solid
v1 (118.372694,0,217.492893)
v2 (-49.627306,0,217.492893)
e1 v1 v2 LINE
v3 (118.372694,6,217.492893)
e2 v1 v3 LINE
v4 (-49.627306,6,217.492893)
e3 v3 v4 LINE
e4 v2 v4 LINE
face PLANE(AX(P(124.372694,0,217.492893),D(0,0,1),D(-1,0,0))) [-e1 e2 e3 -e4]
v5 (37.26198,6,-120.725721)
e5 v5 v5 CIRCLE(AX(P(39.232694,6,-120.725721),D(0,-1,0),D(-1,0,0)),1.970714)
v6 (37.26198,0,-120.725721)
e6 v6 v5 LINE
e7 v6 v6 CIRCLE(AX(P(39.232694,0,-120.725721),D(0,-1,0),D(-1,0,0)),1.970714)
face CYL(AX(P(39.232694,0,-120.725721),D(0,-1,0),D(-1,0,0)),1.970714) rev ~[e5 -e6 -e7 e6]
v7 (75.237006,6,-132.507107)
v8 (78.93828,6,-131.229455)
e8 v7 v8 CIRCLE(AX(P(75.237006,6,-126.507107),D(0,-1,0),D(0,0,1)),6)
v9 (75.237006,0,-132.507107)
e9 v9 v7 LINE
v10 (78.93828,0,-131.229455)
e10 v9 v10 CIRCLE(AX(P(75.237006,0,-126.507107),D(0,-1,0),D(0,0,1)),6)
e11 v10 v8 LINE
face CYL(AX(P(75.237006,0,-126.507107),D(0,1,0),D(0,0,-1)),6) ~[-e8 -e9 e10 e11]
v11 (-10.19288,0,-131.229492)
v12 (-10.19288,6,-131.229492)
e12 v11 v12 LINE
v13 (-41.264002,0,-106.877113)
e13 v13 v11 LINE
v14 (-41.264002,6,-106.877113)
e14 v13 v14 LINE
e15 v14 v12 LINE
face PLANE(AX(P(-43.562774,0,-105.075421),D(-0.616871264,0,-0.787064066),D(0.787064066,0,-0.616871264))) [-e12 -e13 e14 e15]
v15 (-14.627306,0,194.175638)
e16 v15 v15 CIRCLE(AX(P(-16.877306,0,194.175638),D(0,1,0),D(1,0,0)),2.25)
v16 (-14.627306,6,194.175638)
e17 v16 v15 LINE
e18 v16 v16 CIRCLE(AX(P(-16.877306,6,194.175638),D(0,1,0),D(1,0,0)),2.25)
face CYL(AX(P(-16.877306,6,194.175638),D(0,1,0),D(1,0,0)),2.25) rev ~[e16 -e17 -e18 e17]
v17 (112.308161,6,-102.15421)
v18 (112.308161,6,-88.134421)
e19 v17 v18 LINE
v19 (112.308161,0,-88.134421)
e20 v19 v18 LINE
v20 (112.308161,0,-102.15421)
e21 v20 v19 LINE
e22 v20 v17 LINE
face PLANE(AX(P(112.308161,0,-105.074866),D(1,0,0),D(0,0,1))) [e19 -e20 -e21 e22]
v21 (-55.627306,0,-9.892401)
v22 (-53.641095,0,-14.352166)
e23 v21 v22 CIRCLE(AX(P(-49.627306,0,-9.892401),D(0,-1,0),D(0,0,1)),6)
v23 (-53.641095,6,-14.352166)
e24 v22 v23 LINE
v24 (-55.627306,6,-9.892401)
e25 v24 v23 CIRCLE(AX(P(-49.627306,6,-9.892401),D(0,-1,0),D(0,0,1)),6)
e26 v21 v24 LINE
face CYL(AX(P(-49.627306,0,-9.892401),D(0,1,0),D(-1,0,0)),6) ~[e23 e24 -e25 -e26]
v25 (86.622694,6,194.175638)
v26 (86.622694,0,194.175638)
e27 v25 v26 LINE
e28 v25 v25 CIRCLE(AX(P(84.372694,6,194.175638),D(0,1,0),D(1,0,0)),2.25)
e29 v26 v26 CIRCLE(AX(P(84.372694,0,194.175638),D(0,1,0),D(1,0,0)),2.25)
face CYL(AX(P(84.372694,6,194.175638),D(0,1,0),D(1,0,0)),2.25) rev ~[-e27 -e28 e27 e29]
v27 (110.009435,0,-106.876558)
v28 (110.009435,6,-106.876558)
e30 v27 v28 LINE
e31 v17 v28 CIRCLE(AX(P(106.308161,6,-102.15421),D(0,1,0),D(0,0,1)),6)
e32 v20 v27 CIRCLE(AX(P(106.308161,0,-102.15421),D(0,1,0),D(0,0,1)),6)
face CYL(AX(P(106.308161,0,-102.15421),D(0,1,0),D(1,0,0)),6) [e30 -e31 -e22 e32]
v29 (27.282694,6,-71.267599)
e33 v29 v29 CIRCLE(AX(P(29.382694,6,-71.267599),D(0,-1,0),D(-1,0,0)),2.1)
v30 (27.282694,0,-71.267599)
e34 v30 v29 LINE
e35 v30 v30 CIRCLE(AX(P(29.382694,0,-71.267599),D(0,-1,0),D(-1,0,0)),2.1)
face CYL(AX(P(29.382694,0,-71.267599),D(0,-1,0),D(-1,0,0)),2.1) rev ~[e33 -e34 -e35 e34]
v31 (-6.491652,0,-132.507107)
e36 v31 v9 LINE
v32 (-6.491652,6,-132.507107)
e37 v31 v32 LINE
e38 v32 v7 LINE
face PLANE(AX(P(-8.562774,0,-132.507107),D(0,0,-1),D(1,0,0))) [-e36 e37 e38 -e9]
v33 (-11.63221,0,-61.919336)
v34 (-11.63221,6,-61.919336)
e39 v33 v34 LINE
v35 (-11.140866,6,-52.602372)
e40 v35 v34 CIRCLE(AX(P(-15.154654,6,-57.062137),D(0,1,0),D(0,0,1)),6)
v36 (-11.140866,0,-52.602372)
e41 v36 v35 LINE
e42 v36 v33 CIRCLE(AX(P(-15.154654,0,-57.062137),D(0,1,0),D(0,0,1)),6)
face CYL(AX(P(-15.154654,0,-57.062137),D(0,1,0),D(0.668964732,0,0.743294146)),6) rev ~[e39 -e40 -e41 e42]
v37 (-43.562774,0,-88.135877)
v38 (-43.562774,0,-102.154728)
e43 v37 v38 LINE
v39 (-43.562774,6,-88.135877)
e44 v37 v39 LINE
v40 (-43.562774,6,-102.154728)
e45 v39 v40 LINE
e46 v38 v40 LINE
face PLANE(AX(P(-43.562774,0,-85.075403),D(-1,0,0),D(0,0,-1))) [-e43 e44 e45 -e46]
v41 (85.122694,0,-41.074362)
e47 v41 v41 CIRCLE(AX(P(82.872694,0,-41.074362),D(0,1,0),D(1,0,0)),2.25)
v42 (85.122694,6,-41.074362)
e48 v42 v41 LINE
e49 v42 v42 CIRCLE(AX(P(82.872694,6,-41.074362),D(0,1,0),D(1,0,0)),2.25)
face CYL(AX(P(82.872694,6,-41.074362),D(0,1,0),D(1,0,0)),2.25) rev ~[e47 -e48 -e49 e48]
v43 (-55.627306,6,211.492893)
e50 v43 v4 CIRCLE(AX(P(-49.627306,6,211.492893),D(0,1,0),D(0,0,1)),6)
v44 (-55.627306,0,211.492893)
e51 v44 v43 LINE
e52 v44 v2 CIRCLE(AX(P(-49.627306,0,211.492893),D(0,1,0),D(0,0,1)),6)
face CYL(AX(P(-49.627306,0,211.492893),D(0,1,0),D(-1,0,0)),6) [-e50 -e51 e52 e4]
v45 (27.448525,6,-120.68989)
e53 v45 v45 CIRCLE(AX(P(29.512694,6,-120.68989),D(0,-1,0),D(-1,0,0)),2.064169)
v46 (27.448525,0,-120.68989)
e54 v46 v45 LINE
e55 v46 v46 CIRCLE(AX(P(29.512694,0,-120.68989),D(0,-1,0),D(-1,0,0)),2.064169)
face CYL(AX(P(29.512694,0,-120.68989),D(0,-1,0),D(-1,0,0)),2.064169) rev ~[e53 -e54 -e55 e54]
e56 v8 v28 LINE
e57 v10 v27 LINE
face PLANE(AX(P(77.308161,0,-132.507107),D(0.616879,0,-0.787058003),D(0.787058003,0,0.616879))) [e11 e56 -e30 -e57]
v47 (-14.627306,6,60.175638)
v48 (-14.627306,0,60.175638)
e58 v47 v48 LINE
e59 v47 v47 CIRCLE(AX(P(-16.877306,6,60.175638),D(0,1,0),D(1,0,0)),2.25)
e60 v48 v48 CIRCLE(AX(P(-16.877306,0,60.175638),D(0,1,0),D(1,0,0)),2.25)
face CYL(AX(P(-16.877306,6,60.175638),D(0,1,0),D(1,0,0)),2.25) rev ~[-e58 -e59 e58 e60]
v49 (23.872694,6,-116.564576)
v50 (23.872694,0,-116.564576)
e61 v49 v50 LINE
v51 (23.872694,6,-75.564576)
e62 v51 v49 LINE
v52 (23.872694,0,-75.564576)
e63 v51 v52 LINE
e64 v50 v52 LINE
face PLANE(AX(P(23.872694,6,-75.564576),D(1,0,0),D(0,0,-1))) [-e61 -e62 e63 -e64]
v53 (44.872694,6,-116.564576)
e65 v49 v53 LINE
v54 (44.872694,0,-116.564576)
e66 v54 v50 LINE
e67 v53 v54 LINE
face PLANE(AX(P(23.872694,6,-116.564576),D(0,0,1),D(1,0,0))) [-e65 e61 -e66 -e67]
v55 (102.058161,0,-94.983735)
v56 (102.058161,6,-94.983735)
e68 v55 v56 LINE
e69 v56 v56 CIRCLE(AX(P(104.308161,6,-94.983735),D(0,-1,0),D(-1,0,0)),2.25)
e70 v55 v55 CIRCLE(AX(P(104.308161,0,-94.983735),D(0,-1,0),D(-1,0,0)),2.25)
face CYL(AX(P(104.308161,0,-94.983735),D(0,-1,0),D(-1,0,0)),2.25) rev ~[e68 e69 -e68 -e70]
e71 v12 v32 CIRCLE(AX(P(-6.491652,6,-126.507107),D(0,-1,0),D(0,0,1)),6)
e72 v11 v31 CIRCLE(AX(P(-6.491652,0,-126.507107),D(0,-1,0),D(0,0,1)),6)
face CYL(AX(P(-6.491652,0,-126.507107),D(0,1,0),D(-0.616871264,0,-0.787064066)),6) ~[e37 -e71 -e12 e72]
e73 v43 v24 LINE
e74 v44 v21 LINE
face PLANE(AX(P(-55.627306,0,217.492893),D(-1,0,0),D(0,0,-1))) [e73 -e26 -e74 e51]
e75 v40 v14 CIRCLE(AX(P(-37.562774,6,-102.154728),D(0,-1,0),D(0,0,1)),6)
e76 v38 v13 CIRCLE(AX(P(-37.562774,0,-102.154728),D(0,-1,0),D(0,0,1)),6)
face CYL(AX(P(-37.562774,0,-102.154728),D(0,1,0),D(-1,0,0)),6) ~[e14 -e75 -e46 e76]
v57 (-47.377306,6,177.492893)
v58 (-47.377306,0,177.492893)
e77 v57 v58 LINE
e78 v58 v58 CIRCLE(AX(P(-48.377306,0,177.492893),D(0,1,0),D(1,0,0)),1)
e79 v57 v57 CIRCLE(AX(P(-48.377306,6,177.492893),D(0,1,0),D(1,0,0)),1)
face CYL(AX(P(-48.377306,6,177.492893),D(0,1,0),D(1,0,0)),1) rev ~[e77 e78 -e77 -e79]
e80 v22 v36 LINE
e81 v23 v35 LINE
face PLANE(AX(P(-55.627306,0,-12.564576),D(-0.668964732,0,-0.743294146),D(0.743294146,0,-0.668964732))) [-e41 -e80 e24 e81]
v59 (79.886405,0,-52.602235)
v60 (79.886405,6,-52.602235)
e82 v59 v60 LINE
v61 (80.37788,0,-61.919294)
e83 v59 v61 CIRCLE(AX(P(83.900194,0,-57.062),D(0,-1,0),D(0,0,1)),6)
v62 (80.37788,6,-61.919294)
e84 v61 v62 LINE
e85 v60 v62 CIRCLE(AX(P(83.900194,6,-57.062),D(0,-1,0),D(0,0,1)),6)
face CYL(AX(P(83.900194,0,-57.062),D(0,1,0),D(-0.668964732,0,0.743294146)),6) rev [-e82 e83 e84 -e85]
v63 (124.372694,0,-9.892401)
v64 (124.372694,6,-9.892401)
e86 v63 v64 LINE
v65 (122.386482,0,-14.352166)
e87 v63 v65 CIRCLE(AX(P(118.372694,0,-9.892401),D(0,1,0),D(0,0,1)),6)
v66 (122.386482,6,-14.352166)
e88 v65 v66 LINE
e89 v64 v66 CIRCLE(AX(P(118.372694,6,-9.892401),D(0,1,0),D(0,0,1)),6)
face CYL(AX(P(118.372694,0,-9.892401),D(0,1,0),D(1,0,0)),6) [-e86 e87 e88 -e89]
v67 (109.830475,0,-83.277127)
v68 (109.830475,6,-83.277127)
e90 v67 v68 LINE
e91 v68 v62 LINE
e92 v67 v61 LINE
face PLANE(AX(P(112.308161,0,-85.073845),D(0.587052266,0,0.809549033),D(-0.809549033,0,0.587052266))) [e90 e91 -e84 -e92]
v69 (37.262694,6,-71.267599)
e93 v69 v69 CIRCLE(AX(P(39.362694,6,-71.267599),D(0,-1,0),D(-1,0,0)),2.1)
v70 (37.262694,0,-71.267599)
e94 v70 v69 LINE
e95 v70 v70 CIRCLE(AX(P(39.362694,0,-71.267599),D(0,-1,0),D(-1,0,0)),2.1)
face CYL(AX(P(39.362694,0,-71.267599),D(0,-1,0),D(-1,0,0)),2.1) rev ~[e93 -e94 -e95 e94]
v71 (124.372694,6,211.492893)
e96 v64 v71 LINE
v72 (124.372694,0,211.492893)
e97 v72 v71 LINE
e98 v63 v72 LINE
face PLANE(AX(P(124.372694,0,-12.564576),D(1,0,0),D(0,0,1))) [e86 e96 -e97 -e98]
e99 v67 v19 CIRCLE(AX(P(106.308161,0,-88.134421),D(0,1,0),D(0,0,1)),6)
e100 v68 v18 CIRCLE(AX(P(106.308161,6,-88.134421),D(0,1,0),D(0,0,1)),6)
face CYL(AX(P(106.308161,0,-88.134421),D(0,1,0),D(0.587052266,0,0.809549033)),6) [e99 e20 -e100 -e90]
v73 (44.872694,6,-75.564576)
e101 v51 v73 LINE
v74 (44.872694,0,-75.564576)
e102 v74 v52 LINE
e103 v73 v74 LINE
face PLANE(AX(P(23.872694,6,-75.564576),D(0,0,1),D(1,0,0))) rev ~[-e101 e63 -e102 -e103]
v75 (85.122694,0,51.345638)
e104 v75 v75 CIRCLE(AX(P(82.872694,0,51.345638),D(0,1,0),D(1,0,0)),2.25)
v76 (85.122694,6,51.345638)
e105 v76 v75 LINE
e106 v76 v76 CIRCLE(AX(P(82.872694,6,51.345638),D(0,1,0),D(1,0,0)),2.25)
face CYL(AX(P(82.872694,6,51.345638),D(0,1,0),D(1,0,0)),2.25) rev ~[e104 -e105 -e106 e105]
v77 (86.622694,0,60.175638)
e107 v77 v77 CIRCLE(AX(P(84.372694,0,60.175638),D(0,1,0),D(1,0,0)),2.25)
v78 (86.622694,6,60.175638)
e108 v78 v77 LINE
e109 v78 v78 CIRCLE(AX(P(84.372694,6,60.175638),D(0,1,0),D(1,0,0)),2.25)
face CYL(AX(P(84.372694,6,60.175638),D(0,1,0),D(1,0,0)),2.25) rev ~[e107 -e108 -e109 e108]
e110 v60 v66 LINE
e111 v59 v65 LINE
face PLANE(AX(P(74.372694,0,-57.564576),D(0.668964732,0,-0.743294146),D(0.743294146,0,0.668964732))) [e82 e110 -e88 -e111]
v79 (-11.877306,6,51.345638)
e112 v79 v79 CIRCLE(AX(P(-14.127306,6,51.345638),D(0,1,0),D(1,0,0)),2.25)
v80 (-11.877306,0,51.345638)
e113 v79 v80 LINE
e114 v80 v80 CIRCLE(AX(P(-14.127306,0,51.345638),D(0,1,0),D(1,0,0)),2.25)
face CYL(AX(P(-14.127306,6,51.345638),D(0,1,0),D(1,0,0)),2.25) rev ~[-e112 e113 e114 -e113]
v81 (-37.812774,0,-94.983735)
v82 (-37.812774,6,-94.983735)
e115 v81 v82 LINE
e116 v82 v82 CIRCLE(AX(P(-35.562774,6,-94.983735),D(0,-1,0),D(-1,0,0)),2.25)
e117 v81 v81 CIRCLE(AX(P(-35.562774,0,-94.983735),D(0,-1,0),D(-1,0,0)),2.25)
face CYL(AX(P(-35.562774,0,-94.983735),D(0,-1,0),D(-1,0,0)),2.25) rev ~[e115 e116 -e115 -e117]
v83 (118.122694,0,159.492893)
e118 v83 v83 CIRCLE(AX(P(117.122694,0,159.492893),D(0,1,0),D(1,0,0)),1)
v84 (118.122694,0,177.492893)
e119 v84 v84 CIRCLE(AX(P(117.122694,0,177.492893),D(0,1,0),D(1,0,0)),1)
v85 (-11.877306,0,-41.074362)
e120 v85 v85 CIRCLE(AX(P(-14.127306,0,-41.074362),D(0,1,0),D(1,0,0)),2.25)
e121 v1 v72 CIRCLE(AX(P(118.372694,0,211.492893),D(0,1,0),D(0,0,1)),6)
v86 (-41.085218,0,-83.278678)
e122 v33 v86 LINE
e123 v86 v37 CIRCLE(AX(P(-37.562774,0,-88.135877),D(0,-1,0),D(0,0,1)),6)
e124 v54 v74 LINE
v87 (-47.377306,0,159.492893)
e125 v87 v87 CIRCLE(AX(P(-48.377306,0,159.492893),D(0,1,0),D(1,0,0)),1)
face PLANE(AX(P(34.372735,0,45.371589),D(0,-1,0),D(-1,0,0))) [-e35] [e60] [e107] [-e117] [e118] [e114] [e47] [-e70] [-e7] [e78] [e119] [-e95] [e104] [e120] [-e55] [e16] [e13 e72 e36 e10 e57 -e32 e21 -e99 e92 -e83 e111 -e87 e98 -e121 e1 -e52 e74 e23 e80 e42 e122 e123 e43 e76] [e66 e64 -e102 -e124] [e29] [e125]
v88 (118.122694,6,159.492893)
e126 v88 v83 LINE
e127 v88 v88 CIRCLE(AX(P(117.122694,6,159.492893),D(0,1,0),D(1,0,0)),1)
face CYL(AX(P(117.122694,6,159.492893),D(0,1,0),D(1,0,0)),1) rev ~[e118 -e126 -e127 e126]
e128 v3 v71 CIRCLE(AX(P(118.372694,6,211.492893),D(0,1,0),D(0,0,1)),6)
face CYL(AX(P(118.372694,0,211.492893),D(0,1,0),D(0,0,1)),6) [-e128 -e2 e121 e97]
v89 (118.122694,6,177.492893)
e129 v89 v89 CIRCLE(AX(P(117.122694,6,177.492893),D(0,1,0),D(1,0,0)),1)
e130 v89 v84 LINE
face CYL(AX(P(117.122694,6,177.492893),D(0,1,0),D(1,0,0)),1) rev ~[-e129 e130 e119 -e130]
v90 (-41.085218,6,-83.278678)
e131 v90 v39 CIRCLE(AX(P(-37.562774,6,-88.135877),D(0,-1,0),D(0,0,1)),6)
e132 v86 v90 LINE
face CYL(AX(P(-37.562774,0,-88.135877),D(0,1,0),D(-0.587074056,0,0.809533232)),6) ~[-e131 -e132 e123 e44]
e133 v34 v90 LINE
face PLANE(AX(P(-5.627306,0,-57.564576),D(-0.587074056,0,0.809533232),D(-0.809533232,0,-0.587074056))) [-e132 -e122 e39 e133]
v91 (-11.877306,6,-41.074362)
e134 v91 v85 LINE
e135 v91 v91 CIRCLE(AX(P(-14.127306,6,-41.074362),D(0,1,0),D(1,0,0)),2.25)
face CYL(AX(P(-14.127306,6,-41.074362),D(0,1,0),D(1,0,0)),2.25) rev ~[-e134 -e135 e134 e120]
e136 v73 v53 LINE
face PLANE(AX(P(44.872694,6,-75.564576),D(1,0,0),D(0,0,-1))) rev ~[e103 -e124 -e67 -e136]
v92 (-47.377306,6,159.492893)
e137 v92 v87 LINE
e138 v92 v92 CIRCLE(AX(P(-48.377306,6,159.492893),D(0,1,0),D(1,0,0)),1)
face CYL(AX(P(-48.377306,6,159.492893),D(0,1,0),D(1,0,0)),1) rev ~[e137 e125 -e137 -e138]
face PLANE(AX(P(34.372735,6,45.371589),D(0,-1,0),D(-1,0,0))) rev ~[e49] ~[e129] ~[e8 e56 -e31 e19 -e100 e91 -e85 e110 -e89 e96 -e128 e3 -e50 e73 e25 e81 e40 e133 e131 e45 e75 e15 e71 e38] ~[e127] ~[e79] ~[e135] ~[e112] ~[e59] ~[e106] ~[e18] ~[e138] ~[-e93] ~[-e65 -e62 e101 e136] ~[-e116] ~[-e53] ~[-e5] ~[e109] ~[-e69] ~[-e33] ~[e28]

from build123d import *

# Parameters (mm, degrees)
SALIENTE_EXTRUIR1_DEPTH = 6
CROQUIS2_W              = 21
CROQUIS2_H              = 41
CORTAR_EXTRUIR1_DEPTH   = 10
CROQUIS3_R              = 1
CORTAR_EXTRUIR2_DEPTH   = 10
CROQUIS4_R              = 2.25
CORTAR_EXTRUIR3_DEPTH   = 10
CROQUIS5_R              = 2.25
CORTAR_EXTRUIR4_DEPTH   = 10
CROQUIS9_R              = 2.25
CORTAR_EXTRUIR6_DEPTH   = 29
CROQUIS6_R              = 2.064168912
CROQUIS6_R_2            = 1.970714146
CROQUIS6_R_3            = 2.1
CORTAR_EXTRUIR7_DEPTH   = 10
REDONDEO1_R             = 6


with BuildPart() as part:
    # Croquis1 → Saliente-Extruir1 (new body)
    with BuildSketch(Plane(origin=(0, 0, 0), x_dir=(1, 0, 0), z_dir=(0, 1, 0))):
        Polygon((-55.627306273, -217.492892842), (-55.627306273, 12.564575646), (-5.627306273, 57.564575646), (-43.56277397, 85.075402887), (-43.56277397, 105.075421235), (-8.56277397, 132.507107158), (77.308161424, 132.507107158), (112.308161424, 105.074865922), (112.308161424, 85.073844823), (74.372693727, 57.564575646), (124.372693727, 12.564575646), (124.372693727, -217.492892842), align=None)
    extrude(amount=SALIENTE_EXTRUIR1_DEPTH)

    # Croquis2 → Cortar-Extruir1 (cut)
    with BuildSketch(Plane(origin=(0, 6, 0), x_dir=(1, 0, 0), z_dir=(0, 1, 0))):
        with Locations((34.372693727, 96.064575646)):
            Rectangle(CROQUIS2_W, CROQUIS2_H)
    extrude(amount=-CORTAR_EXTRUIR1_DEPTH, mode=Mode.SUBTRACT)

    # Croquis3 → Cortar-Extruir2 (cut)
    with BuildSketch(Plane(origin=(0, 6, 0), x_dir=(1, 0, 0), z_dir=(0, 1, 0))):
        with Locations((117.122693727, -177.492892842)):
            Circle(CROQUIS3_R)
        with Locations((117.122693727, -159.492892842)):
            Circle(CROQUIS3_R)
        with Locations((-48.377306273, -159.492892842)):
            Circle(CROQUIS3_R)
        with Locations((-48.377306273, -177.492892842)):
            Circle(CROQUIS3_R)
    extrude(amount=-CORTAR_EXTRUIR2_DEPTH, mode=Mode.SUBTRACT)

    # Croquis4 → Cortar-Extruir3 (cut)
    with BuildSketch(Plane(origin=(0, 6, 0), x_dir=(1, 0, 0), z_dir=(0, 1, 0))):
        with Locations((-16.877306273, -194.17563761)):
            Circle(CROQUIS4_R)
        with Locations((-16.877306273, -60.17563761)):
            Circle(CROQUIS4_R)
        with Locations((84.372693727, -60.17563761)):
            Circle(CROQUIS4_R)
        with Locations((84.372693727, -194.17563761)):
            Circle(CROQUIS4_R)
    extrude(amount=-CORTAR_EXTRUIR3_DEPTH, mode=Mode.SUBTRACT)

    # Croquis5 → Cortar-Extruir4 (cut)
    with BuildSketch(Plane(origin=(0, 6, 0), x_dir=(1, 0, 0), z_dir=(0, 1, 0))):
        with Locations((82.872693727, -51.34563761)):
            Circle(CROQUIS5_R)
        with Locations((-14.127306273, -51.34563761)):
            Circle(CROQUIS5_R)
        with Locations((-14.127306273, 41.07436239)):
            Circle(CROQUIS5_R)
        with Locations((82.872693727, 41.07436239)):
            Circle(CROQUIS5_R)
    extrude(amount=-CORTAR_EXTRUIR4_DEPTH, mode=Mode.SUBTRACT)

    # Croquis9 → Cortar-Extruir6 (cut)
    with BuildSketch(Plane(origin=(0, 0, 0), x_dir=(-1, 0, 0), z_dir=(0, -1, 0))):
        with Locations((-104.308161424, 94.983735042)):
            Circle(CROQUIS9_R)
        with Locations((35.56277397, 94.983735042)):
            Circle(CROQUIS9_R)
    extrude(amount=-CORTAR_EXTRUIR6_DEPTH, mode=Mode.SUBTRACT)

    # Croquis6 → Cortar-Extruir7 (cut)
    with BuildSketch(Plane(origin=(0, 0, 0), x_dir=(-1, 0, 0), z_dir=(0, -1, 0))):
        with Locations((-29.512693727, 120.689890176)):
            Circle(CROQUIS6_R)
        with Locations((-39.232693727, 120.725721264)):
            Circle(CROQUIS6_R_2)
        with Locations((-39.362693727, 71.26759894)):
            Circle(CROQUIS6_R_3)
        with Locations((-29.382693727, 71.26759894)):
            Circle(CROQUIS6_R_3)
    extrude(amount=-CORTAR_EXTRUIR7_DEPTH, mode=Mode.SUBTRACT)

    # Redondeo1
    redondeo1_edges = [part.edges().sort_by_distance(p)[0] for p in [
        (-55.627306273, 3, 217.492892842),
        (-55.627306273, 3, -12.564575646),
        (-5.627306273, 3, -57.564575646),
        (-43.56277397, 3, -85.075402887),
        (-43.56277397, 3, -105.075421235),
        (-8.56277397, 3, -132.507107158),
        (77.308161424, 3, -132.507107158),
        (112.308161424, 3, -105.074865922),
        (112.308161424, 3, -85.073844823),
        (74.372693727, 3, -57.564575646),
        (124.372693727, 3, -12.564575646),
        (124.372693727, 3, 217.492892842),
    ]]
    fillet(redondeo1_edges, radius=REDONDEO1_R)


solid = part.part
